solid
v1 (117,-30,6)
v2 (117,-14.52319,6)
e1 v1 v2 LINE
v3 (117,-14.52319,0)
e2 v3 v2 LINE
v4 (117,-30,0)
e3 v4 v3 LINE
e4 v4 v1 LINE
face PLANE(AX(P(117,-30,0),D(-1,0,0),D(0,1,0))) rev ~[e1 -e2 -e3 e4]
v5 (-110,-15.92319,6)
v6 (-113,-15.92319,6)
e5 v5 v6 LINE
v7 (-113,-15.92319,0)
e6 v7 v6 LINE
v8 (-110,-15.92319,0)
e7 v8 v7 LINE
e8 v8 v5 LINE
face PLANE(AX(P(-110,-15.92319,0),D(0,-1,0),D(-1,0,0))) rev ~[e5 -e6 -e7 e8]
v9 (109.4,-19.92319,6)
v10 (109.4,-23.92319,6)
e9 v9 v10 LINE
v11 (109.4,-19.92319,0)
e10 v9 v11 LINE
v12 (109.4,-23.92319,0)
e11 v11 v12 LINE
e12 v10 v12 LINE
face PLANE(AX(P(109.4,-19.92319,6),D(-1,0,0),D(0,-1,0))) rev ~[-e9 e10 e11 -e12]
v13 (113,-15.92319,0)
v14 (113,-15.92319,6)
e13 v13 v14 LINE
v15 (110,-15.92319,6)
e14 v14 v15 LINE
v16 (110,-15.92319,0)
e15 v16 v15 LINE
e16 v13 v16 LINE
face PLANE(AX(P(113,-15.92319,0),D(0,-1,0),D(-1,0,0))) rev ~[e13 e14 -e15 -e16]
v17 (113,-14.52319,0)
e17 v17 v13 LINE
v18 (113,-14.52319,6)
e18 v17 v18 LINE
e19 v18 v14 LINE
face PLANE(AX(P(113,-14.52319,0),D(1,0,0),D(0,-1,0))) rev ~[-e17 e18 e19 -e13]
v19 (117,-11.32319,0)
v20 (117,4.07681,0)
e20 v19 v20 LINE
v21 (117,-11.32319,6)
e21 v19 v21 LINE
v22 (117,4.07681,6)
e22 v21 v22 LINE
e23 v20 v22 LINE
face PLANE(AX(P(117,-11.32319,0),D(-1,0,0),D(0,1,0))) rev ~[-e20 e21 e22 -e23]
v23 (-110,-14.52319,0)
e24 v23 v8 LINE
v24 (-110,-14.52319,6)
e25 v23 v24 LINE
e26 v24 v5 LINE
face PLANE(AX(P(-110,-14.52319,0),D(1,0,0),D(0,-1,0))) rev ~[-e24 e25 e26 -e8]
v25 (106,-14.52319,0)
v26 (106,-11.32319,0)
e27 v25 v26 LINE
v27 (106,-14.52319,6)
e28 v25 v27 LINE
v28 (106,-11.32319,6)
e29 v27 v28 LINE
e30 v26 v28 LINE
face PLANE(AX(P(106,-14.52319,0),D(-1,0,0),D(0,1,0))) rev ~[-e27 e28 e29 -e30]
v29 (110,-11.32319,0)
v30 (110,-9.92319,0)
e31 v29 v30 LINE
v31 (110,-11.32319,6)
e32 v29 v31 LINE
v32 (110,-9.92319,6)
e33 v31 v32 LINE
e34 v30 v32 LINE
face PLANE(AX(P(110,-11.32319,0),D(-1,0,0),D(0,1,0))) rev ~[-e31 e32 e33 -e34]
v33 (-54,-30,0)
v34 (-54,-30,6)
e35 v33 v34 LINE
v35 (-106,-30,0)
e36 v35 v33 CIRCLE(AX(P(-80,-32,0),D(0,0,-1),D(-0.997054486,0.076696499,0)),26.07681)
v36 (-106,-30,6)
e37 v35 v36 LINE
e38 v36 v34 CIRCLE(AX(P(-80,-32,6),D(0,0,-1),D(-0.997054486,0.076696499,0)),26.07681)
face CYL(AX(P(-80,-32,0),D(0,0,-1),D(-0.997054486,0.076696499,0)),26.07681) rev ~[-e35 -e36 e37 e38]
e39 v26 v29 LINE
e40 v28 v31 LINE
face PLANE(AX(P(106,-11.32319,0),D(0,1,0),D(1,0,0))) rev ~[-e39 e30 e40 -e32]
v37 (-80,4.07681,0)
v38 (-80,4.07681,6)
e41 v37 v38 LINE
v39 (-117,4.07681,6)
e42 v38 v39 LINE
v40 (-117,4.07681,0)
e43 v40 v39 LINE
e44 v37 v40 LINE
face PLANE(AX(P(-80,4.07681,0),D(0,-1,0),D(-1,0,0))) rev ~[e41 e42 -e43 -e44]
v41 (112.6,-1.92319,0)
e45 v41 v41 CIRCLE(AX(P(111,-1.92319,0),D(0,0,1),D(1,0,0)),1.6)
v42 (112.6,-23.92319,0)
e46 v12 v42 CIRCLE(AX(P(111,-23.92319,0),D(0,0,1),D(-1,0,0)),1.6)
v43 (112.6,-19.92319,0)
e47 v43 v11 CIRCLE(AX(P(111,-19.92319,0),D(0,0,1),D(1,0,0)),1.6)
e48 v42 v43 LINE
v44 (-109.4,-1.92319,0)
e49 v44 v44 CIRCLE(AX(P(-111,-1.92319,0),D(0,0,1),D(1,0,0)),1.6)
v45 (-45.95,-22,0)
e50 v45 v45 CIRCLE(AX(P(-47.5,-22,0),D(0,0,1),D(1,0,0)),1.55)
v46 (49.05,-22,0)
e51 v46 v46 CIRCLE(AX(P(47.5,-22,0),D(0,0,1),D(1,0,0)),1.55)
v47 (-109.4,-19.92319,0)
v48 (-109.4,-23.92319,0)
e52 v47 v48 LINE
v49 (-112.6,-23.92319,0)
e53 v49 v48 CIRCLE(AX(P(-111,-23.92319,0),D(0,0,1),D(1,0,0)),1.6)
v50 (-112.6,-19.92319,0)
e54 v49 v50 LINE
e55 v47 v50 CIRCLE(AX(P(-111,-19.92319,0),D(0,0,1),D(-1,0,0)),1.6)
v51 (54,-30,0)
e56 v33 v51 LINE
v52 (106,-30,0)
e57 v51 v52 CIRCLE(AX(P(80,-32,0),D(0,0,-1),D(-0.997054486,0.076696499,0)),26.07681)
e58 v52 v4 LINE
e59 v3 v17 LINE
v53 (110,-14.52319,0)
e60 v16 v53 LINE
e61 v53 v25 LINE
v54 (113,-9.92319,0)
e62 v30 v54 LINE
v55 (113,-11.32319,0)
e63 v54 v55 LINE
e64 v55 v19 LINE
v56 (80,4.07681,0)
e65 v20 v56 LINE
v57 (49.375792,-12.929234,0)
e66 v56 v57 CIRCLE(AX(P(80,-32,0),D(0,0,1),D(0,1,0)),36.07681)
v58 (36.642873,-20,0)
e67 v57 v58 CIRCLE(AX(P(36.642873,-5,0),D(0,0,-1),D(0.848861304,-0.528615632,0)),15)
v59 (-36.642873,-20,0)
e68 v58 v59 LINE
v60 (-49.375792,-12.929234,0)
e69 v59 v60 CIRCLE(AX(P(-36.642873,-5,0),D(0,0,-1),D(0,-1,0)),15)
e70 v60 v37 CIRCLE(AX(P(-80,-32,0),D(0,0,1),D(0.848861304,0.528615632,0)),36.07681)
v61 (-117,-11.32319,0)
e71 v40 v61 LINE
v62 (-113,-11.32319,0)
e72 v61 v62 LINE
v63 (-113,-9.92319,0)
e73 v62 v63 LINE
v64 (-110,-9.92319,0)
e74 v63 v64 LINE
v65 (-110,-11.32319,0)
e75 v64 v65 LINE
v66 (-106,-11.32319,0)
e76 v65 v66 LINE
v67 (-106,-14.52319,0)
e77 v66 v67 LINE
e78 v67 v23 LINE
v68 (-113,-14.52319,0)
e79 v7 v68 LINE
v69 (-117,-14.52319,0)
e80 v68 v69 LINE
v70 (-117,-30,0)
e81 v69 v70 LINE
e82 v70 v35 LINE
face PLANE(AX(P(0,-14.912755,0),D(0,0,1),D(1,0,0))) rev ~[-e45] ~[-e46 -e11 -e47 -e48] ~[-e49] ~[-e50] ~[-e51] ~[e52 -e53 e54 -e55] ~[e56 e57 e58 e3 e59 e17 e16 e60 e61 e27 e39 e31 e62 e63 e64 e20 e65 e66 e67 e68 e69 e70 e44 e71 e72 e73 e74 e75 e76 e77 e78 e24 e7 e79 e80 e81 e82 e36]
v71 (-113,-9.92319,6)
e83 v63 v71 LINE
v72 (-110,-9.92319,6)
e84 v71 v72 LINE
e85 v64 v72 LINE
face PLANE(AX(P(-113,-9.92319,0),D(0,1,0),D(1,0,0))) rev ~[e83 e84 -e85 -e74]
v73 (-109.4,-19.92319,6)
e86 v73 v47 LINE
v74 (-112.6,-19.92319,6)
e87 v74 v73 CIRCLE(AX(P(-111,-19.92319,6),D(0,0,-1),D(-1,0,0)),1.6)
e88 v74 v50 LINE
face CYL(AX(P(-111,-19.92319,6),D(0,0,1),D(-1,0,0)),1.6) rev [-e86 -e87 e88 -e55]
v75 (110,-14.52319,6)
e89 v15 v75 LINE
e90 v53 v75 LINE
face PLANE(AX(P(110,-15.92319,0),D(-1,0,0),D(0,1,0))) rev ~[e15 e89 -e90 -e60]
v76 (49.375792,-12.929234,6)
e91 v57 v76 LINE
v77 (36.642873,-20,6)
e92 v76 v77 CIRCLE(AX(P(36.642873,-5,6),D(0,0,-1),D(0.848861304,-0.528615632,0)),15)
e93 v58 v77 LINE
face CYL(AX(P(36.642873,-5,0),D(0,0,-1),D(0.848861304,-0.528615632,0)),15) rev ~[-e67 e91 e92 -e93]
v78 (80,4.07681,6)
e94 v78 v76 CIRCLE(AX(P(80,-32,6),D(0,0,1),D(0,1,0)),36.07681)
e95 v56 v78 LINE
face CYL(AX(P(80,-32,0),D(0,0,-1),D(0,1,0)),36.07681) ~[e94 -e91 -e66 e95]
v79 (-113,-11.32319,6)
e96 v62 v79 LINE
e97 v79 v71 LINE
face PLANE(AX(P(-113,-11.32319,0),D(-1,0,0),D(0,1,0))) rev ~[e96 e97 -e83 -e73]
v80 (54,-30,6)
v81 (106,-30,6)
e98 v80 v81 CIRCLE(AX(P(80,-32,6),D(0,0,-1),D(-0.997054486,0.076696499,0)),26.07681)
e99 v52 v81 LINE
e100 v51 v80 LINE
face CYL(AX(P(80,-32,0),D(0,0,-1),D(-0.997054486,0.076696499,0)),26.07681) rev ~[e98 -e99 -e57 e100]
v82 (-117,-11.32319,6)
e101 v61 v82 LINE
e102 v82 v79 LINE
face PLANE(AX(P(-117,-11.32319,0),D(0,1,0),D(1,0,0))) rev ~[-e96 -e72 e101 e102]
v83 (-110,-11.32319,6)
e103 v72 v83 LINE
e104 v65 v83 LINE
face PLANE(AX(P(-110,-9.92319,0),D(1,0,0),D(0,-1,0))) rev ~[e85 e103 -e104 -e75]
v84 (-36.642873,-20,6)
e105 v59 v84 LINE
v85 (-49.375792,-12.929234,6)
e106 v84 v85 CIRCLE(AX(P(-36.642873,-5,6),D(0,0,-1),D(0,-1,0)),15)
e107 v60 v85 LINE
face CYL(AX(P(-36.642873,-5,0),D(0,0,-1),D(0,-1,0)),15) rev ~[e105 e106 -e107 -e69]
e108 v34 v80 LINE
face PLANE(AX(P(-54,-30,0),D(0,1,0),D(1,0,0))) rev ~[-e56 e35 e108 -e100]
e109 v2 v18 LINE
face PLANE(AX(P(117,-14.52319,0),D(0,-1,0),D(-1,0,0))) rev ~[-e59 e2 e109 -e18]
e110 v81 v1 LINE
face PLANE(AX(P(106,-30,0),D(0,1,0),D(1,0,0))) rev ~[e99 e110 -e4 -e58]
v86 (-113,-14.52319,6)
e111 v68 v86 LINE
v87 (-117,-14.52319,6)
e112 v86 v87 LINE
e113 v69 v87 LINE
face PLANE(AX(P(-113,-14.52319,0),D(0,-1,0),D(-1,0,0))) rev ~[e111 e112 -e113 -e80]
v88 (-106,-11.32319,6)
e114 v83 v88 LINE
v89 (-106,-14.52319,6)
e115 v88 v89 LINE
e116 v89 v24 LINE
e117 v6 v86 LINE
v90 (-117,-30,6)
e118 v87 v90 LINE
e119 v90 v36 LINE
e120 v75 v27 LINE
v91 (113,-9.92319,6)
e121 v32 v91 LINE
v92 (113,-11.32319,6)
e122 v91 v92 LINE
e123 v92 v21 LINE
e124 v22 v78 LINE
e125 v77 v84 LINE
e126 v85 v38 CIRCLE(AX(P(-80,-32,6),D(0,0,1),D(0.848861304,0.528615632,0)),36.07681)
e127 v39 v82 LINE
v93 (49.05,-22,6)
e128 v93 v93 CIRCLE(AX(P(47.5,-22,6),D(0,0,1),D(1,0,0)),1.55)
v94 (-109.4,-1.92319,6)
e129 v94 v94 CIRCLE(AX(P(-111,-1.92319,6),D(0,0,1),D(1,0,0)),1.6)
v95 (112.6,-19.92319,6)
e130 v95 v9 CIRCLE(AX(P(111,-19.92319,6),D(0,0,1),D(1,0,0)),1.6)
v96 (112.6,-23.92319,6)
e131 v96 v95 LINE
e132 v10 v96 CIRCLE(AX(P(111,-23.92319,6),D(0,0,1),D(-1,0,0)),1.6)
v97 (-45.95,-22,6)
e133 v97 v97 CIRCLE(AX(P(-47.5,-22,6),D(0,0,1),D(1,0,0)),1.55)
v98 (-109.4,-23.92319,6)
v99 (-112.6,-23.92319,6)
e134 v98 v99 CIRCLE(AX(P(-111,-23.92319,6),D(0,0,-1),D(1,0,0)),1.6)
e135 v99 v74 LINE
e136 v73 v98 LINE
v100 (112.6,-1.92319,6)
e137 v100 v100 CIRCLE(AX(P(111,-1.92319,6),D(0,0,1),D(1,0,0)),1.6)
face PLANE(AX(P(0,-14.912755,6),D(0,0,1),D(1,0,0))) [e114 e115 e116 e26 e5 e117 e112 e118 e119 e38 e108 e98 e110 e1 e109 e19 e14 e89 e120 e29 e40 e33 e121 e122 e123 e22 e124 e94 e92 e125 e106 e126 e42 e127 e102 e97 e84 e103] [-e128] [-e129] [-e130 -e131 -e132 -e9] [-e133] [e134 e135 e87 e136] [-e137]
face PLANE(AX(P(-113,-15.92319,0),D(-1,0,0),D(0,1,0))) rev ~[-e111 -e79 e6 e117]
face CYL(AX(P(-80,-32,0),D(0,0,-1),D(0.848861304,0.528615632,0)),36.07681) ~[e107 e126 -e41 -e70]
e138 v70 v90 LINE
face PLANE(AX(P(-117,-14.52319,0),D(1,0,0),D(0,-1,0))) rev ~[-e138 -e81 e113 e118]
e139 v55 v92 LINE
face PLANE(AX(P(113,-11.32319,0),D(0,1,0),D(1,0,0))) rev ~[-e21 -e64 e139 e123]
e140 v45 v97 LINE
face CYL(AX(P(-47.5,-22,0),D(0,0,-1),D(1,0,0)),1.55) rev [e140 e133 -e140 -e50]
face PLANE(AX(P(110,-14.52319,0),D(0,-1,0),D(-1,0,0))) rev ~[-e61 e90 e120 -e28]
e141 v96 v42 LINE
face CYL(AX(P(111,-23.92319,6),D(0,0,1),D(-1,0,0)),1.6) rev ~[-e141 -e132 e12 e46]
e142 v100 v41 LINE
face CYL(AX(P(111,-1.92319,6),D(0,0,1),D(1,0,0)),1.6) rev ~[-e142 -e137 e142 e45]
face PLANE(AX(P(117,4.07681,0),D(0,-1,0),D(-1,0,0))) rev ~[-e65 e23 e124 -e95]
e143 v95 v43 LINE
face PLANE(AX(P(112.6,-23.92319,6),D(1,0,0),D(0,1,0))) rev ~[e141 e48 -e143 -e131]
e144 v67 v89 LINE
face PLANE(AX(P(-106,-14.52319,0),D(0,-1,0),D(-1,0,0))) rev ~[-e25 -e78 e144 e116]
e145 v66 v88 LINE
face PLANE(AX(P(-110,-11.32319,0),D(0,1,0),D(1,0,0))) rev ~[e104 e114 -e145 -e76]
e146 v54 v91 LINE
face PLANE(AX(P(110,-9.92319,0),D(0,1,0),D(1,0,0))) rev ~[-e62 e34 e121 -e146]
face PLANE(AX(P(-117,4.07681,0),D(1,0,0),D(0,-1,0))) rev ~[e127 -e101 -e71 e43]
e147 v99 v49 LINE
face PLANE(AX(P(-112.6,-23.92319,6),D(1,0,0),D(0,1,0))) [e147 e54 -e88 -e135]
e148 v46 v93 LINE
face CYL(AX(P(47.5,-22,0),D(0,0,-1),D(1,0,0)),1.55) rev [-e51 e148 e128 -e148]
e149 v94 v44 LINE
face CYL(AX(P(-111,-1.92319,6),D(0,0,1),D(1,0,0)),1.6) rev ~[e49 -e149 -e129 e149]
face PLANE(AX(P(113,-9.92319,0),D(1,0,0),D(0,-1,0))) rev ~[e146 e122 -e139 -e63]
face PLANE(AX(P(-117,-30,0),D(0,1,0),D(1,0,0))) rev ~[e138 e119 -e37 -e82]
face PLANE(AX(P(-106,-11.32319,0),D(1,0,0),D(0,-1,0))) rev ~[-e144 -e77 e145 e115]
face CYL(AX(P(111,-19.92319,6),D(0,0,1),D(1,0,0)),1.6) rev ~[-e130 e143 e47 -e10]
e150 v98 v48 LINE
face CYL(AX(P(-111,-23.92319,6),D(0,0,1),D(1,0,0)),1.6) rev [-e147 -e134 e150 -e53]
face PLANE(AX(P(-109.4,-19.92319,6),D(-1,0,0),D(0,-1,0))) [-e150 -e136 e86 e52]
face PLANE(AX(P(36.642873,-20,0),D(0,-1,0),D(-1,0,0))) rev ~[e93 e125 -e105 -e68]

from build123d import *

# Parameters (mm, degrees)
ESBO_O1_R                = 1.55
RESSALTO_EXTRUS_O1_DEPTH = 6
ESBO_O2_R                = 1.6
CORTE_EXTRUS_O1_DEPTH    = 10


with BuildPart() as part:
    # Esboço1 → Ressalto-extrusão1 (new body)
    with BuildSketch(Plane.XY):
        with BuildLine():
            Line((-117, -30), (-106, -30))
            ThreePointArc((-106, -30), (-80, -5.923190379), (-54, -30))
            Line((-54, -30), (0, -30))
            Line((0, -30), (54, -30))
            ThreePointArc((54, -30), (80, -5.923190379), (106, -30))
            Line((106, -30), (117, -30))
            Line((117, -30), (117, -14.523190379))
            Line((117, -14.523190379), (113, -14.523190379))
            Line((113, -14.523190379), (113, -15.923190379))
            Line((113, -15.923190379), (110, -15.923190379))
            Line((110, -15.923190379), (110, -14.523190379))
            Line((110, -14.523190379), (106, -14.523190379))
            Line((106, -14.523190379), (106, -11.323190379))
            Line((106, -11.323190379), (110, -11.323190379))
            Line((110, -11.323190379), (110, -9.923190379))
            Line((110, -9.923190379), (113, -9.923190379))
            Line((113, -9.923190379), (113, -11.323190379))
            Line((113, -11.323190379), (117, -11.323190379))
            Line((117, -11.323190379), (117, 4.076809621))
            Line((117, 4.076809621), (80, 4.076809621))
            ThreePointArc((80, 4.076809621), (62.485380172, -0.45995744), (49.375792338, -12.929234481))
            ThreePointArc((49.375792338, -12.929234481), (43.925093688, -18.113704991), (36.642872777, -20))
            Line((36.642872777, -20), (-36.642872777, -20))
            ThreePointArc((-36.642872777, -20), (-43.925093688, -18.113704991), (-49.375792338, -12.929234481))
            ThreePointArc((-49.375792338, -12.929234481), (-62.485380172, -0.45995744), (-80, 4.076809621))
            Line((-80, 4.076809621), (-117, 4.076809621))
            Line((-117, 4.076809621), (-117, -11.323190379))
            Line((-117, -11.323190379), (-113, -11.323190379))
            Line((-113, -11.323190379), (-113, -9.923190379))
            Line((-113, -9.923190379), (-110, -9.923190379))
            Line((-110, -9.923190379), (-110, -11.323190379))
            Line((-110, -11.323190379), (-106, -11.323190379))
            Line((-106, -11.323190379), (-106, -14.523190379))
            Line((-106, -14.523190379), (-110, -14.523190379))
            Line((-110, -14.523190379), (-110, -15.923190379))
            Line((-110, -15.923190379), (-113, -15.923190379))
            Line((-113, -15.923190379), (-113, -14.523190379))
            Line((-113, -14.523190379), (-117, -14.523190379))
            Line((-117, -14.523190379), (-117, -30))
        make_face()
        with Locations((-47.5, -22)):
            Circle(ESBO_O1_R, mode=Mode.SUBTRACT)
        with Locations((47.5, -22)):
            Circle(ESBO_O1_R, mode=Mode.SUBTRACT)
    extrude(amount=RESSALTO_EXTRUS_O1_DEPTH)

    # Esboço2 → Corte-extrusão1 (cut)
    with BuildSketch(Plane.XY.offset(6)):
        with Locations((-111, -1.923190379)):
            Circle(ESBO_O2_R)
        with Locations((111, -1.923190379)):
            Circle(ESBO_O2_R)
        with BuildLine():
            Line((-109.4, -19.923190379), (-109.4, -23.923190379))
            ThreePointArc((-109.4, -23.923190379), (-111, -25.523190379), (-112.6, -23.923190379))
            Line((-112.6, -23.923190379), (-112.6, -19.923190379))
            ThreePointArc((-112.6, -19.923190379), (-111, -18.323190379), (-109.4, -19.923190379))
        make_face()
        with BuildLine():
            Line((109.4, -19.923190379), (109.4, -23.923190379))
            ThreePointArc((109.4, -23.923190379), (111, -25.523190379), (112.6, -23.923190379))
            Line((112.6, -23.923190379), (112.6, -19.923190379))
            ThreePointArc((112.6, -19.923190379), (111, -18.323190379), (109.4, -19.923190379))
        make_face()
    extrude(amount=-CORTE_EXTRUS_O1_DEPTH, mode=Mode.SUBTRACT)


solid = part.part
